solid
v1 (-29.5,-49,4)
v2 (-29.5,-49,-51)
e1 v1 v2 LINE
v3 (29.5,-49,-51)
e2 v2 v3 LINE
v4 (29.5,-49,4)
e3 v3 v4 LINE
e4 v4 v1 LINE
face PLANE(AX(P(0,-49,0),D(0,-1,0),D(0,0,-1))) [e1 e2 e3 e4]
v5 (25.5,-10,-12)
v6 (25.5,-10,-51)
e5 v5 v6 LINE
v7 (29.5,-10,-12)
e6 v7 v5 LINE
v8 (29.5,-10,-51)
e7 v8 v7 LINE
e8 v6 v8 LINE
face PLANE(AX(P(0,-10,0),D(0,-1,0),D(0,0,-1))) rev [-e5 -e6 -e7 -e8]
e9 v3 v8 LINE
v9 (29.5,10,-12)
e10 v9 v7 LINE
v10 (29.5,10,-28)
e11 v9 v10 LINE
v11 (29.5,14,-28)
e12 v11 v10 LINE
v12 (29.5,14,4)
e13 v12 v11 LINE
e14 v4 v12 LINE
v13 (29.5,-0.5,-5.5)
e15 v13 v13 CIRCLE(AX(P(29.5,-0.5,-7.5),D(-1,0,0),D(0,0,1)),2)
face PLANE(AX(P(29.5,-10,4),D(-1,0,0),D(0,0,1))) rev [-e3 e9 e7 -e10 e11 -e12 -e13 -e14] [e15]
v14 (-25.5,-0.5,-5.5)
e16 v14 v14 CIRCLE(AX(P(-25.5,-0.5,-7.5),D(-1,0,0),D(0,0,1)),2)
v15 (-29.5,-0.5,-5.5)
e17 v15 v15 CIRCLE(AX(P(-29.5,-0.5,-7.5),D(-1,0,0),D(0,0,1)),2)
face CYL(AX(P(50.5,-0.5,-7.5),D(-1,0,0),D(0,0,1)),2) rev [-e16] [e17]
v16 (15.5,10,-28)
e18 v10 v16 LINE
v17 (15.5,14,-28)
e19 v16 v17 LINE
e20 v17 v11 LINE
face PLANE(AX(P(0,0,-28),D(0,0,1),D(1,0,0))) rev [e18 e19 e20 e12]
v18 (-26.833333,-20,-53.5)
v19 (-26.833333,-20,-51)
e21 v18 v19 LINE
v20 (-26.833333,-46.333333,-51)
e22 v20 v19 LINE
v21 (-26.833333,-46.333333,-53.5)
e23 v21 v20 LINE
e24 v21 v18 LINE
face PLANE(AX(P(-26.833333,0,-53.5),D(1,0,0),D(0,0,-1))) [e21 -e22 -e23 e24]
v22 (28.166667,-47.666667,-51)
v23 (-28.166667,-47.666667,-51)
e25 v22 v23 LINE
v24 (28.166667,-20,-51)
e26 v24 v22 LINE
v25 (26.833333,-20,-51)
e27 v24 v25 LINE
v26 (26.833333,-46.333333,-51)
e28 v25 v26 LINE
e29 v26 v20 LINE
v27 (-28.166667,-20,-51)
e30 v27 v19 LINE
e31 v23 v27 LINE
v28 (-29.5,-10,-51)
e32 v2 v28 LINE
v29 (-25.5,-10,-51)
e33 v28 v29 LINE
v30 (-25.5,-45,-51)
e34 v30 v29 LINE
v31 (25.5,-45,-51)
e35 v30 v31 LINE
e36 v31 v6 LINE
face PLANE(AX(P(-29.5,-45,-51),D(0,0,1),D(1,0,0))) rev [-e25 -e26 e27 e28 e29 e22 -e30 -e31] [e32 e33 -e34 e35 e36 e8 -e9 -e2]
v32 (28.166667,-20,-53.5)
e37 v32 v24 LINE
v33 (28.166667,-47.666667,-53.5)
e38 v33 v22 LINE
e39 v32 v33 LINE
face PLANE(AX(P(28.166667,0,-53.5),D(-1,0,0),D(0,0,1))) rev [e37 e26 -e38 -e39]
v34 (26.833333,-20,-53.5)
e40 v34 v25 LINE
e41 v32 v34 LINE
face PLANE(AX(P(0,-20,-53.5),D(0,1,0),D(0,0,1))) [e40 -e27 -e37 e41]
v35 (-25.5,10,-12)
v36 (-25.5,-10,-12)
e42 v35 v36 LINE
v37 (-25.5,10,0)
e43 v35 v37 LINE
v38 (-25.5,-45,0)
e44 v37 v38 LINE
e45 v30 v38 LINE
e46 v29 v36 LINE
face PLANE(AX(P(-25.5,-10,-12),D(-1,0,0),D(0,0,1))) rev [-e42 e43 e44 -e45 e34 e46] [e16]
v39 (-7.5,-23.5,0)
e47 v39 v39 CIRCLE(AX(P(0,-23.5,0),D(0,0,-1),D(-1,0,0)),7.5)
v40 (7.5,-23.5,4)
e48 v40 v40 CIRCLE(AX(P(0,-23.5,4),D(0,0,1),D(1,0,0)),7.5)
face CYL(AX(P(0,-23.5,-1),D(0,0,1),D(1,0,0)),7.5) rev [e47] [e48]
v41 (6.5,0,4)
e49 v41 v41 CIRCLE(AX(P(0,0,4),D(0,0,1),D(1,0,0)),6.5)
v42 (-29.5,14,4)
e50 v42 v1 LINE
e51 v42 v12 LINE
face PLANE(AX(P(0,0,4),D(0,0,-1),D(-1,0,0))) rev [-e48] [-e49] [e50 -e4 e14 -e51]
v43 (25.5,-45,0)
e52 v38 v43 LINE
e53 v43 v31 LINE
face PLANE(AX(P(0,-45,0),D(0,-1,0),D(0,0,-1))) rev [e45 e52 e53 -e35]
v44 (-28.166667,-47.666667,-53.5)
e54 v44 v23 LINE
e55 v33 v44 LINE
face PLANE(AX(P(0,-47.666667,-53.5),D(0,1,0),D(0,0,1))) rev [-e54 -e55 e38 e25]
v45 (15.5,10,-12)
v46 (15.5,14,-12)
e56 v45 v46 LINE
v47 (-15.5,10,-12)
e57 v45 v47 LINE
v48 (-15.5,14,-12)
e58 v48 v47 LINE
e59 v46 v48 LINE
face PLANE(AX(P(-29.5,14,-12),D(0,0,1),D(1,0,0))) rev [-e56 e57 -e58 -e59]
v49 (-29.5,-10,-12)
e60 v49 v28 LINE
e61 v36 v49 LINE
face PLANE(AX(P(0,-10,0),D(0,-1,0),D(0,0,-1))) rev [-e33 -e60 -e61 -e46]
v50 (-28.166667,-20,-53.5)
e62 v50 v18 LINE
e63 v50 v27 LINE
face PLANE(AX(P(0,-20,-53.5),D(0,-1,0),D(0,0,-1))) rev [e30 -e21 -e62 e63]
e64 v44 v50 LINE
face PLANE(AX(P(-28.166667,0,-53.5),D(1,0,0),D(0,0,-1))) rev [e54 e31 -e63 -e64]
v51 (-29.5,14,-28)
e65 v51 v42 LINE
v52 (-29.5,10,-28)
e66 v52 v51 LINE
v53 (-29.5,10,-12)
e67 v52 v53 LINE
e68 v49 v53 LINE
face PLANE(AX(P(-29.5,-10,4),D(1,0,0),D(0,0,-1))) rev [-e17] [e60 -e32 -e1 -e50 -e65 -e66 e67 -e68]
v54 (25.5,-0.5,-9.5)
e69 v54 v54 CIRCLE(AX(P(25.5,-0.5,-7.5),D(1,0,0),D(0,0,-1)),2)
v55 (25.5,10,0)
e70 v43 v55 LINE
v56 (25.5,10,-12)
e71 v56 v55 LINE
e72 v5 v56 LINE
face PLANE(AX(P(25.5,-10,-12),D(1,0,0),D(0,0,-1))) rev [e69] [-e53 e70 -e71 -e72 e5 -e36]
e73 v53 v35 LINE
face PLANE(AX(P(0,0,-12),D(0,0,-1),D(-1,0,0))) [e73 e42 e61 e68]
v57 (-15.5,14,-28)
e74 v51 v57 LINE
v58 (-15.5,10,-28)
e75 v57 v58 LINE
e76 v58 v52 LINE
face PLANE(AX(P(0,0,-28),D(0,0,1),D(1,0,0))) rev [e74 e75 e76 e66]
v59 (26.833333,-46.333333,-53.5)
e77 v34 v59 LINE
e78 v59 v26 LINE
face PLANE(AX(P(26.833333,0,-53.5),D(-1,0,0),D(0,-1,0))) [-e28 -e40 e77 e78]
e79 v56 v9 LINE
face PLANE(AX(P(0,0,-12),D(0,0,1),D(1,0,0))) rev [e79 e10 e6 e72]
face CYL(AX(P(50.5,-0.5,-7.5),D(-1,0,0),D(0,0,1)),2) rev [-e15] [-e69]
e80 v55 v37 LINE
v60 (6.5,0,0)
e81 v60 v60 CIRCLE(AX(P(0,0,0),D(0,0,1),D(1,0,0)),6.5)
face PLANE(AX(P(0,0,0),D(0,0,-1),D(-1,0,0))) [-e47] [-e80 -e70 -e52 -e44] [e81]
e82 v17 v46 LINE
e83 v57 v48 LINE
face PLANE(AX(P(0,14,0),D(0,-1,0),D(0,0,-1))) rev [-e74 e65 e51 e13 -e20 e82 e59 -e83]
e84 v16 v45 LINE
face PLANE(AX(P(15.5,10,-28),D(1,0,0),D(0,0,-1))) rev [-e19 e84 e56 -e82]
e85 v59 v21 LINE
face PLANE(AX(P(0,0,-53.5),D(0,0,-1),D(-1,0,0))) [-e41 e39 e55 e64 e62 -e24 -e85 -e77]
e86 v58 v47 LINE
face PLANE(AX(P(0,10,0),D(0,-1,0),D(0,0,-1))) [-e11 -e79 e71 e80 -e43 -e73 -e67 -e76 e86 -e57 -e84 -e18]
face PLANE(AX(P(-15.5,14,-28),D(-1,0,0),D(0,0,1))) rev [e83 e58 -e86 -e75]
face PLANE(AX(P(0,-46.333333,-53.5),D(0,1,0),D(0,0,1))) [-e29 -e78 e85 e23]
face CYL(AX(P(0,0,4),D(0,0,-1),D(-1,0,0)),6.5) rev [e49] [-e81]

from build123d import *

# Parameters (mm, degrees)
SKETCH1_W           = 59
SKETCH1_H           = 20
SKETCH1_R           = 6.5
BOSS_EXTRUDE1_DEPTH = 4
SKETCH2_W           = 59
SKETCH2_H           = 16
BOSS_EXTRUDE2_DEPTH = 4
SKETCH3_W           = 14
SKETCH3_H           = 4
BOSS_EXTRUDE3_DEPTH = 16
SKETCH4_W           = 4
SKETCH4_H           = 20
BOSS_EXTRUDE4_DEPTH = 12
SKETCH5_R           = 2
CUT_EXTRUDE1_DEPTH  = 80
BOSS_EXTRUDE7_DEPTH = 35
SKETCH9_W           = 59
SKETCH9_H           = 55
BOSS_EXTRUDE8_DEPTH = 4
SKETCH10_W          = 55
SKETCH10_H          = 1.333333334
SKETCH10_W_2        = 1.333333334
SKETCH10_H_2        = 26.333333333
BOSS_EXTRUDE9_DEPTH = 2.5
SKETCH11_R          = 7.5
CUT_EXTRUDE2_DEPTH  = 5


with BuildPart() as part:
    # Sketch1 → Boss-Extrude1 (new body)
    with BuildSketch(Plane.XY):
        Rectangle(SKETCH1_W, SKETCH1_H)
        Circle(SKETCH1_R, mode=Mode.SUBTRACT)
    extrude(amount=BOSS_EXTRUDE1_DEPTH)

    # Sketch2 → Boss-Extrude2 (add)
    with BuildSketch(Plane(origin=(0, 10, 0), x_dir=(1, 0, 0), z_dir=(0, 1, 0))):
        with Locations((0, 4)):
            Rectangle(SKETCH2_W, SKETCH2_H)
    extrude(amount=BOSS_EXTRUDE2_DEPTH)

    # Sketch3 → Boss-Extrude3 (add)
    with BuildSketch(Plane(origin=(0, 0, -12), x_dir=(-1, 0, 0), z_dir=(0, 0, -1))):
        with Locations((-22.5, 12)):
            Rectangle(SKETCH3_W, SKETCH3_H)
        with Locations((22.5, 12)):
            Rectangle(SKETCH3_W, SKETCH3_H)
    extrude(amount=BOSS_EXTRUDE3_DEPTH)

    # Sketch4 → Boss-Extrude4 (add)
    with BuildSketch(Plane(origin=(0, 0, 0), x_dir=(-1, 0, 0), z_dir=(0, 0, -1))):
        with Locations((27.5, 0)):
            Rectangle(SKETCH4_W, SKETCH4_H)
        with Locations((-27.5, 0)):
            Rectangle(SKETCH4_W, SKETCH4_H)
    extrude(amount=BOSS_EXTRUDE4_DEPTH)

    # Sketch5 → Cut-Extrude1 (cut)
    with BuildSketch(Plane.ZY.offset(29.5)):
        with Locations((-7.5, -0.5)):
            Circle(SKETCH5_R)
    extrude(amount=-CUT_EXTRUDE1_DEPTH, mode=Mode.SUBTRACT)

    # Sketch8 → Boss-Extrude7 (add)
    with BuildSketch(Plane.XZ.offset(10)):
        Polygon((25.5, -51), (29.5, -51), (29.5, 4), (-29.5, 4), (-29.5, -51), (-25.5, -51), (-25.5, 0), (25.5, 0), align=None)
    extrude(amount=BOSS_EXTRUDE7_DEPTH)

    # Sketch9 → Boss-Extrude8 (add)
    with BuildSketch(Plane.XZ.offset(45)):
        with Locations((0, -23.5)):
            Rectangle(SKETCH9_W, SKETCH9_H)
    extrude(amount=BOSS_EXTRUDE8_DEPTH)

    # Sketch10 → Boss-Extrude9 (add)
    with BuildSketch(Plane(origin=(0, 0, -51), x_dir=(-1, 0, 0), z_dir=(0, 0, -1))):
        Polygon((-28.166666667, -47.666666667), (-26.833333333, -47.666666667), (-26.833333333, -46.333333333), (-26.833333333, -20), (-28.166666667, -20), align=None)
        with Locations((0.666666667, -47)):
            Rectangle(SKETCH10_W, SKETCH10_H)
        with Locations((27.5, -33.166666667)):
            Rectangle(SKETCH10_W_2, SKETCH10_H_2)
    extrude(amount=BOSS_EXTRUDE9_DEPTH)

    # Sketch11 → Cut-Extrude2 (cut)
    with BuildSketch(Plane.XY.offset(4)):
        with Locations((0, -23.5)):
            Circle(SKETCH11_R)
    extrude(amount=-CUT_EXTRUDE2_DEPTH, mode=Mode.SUBTRACT)


solid = part.part
